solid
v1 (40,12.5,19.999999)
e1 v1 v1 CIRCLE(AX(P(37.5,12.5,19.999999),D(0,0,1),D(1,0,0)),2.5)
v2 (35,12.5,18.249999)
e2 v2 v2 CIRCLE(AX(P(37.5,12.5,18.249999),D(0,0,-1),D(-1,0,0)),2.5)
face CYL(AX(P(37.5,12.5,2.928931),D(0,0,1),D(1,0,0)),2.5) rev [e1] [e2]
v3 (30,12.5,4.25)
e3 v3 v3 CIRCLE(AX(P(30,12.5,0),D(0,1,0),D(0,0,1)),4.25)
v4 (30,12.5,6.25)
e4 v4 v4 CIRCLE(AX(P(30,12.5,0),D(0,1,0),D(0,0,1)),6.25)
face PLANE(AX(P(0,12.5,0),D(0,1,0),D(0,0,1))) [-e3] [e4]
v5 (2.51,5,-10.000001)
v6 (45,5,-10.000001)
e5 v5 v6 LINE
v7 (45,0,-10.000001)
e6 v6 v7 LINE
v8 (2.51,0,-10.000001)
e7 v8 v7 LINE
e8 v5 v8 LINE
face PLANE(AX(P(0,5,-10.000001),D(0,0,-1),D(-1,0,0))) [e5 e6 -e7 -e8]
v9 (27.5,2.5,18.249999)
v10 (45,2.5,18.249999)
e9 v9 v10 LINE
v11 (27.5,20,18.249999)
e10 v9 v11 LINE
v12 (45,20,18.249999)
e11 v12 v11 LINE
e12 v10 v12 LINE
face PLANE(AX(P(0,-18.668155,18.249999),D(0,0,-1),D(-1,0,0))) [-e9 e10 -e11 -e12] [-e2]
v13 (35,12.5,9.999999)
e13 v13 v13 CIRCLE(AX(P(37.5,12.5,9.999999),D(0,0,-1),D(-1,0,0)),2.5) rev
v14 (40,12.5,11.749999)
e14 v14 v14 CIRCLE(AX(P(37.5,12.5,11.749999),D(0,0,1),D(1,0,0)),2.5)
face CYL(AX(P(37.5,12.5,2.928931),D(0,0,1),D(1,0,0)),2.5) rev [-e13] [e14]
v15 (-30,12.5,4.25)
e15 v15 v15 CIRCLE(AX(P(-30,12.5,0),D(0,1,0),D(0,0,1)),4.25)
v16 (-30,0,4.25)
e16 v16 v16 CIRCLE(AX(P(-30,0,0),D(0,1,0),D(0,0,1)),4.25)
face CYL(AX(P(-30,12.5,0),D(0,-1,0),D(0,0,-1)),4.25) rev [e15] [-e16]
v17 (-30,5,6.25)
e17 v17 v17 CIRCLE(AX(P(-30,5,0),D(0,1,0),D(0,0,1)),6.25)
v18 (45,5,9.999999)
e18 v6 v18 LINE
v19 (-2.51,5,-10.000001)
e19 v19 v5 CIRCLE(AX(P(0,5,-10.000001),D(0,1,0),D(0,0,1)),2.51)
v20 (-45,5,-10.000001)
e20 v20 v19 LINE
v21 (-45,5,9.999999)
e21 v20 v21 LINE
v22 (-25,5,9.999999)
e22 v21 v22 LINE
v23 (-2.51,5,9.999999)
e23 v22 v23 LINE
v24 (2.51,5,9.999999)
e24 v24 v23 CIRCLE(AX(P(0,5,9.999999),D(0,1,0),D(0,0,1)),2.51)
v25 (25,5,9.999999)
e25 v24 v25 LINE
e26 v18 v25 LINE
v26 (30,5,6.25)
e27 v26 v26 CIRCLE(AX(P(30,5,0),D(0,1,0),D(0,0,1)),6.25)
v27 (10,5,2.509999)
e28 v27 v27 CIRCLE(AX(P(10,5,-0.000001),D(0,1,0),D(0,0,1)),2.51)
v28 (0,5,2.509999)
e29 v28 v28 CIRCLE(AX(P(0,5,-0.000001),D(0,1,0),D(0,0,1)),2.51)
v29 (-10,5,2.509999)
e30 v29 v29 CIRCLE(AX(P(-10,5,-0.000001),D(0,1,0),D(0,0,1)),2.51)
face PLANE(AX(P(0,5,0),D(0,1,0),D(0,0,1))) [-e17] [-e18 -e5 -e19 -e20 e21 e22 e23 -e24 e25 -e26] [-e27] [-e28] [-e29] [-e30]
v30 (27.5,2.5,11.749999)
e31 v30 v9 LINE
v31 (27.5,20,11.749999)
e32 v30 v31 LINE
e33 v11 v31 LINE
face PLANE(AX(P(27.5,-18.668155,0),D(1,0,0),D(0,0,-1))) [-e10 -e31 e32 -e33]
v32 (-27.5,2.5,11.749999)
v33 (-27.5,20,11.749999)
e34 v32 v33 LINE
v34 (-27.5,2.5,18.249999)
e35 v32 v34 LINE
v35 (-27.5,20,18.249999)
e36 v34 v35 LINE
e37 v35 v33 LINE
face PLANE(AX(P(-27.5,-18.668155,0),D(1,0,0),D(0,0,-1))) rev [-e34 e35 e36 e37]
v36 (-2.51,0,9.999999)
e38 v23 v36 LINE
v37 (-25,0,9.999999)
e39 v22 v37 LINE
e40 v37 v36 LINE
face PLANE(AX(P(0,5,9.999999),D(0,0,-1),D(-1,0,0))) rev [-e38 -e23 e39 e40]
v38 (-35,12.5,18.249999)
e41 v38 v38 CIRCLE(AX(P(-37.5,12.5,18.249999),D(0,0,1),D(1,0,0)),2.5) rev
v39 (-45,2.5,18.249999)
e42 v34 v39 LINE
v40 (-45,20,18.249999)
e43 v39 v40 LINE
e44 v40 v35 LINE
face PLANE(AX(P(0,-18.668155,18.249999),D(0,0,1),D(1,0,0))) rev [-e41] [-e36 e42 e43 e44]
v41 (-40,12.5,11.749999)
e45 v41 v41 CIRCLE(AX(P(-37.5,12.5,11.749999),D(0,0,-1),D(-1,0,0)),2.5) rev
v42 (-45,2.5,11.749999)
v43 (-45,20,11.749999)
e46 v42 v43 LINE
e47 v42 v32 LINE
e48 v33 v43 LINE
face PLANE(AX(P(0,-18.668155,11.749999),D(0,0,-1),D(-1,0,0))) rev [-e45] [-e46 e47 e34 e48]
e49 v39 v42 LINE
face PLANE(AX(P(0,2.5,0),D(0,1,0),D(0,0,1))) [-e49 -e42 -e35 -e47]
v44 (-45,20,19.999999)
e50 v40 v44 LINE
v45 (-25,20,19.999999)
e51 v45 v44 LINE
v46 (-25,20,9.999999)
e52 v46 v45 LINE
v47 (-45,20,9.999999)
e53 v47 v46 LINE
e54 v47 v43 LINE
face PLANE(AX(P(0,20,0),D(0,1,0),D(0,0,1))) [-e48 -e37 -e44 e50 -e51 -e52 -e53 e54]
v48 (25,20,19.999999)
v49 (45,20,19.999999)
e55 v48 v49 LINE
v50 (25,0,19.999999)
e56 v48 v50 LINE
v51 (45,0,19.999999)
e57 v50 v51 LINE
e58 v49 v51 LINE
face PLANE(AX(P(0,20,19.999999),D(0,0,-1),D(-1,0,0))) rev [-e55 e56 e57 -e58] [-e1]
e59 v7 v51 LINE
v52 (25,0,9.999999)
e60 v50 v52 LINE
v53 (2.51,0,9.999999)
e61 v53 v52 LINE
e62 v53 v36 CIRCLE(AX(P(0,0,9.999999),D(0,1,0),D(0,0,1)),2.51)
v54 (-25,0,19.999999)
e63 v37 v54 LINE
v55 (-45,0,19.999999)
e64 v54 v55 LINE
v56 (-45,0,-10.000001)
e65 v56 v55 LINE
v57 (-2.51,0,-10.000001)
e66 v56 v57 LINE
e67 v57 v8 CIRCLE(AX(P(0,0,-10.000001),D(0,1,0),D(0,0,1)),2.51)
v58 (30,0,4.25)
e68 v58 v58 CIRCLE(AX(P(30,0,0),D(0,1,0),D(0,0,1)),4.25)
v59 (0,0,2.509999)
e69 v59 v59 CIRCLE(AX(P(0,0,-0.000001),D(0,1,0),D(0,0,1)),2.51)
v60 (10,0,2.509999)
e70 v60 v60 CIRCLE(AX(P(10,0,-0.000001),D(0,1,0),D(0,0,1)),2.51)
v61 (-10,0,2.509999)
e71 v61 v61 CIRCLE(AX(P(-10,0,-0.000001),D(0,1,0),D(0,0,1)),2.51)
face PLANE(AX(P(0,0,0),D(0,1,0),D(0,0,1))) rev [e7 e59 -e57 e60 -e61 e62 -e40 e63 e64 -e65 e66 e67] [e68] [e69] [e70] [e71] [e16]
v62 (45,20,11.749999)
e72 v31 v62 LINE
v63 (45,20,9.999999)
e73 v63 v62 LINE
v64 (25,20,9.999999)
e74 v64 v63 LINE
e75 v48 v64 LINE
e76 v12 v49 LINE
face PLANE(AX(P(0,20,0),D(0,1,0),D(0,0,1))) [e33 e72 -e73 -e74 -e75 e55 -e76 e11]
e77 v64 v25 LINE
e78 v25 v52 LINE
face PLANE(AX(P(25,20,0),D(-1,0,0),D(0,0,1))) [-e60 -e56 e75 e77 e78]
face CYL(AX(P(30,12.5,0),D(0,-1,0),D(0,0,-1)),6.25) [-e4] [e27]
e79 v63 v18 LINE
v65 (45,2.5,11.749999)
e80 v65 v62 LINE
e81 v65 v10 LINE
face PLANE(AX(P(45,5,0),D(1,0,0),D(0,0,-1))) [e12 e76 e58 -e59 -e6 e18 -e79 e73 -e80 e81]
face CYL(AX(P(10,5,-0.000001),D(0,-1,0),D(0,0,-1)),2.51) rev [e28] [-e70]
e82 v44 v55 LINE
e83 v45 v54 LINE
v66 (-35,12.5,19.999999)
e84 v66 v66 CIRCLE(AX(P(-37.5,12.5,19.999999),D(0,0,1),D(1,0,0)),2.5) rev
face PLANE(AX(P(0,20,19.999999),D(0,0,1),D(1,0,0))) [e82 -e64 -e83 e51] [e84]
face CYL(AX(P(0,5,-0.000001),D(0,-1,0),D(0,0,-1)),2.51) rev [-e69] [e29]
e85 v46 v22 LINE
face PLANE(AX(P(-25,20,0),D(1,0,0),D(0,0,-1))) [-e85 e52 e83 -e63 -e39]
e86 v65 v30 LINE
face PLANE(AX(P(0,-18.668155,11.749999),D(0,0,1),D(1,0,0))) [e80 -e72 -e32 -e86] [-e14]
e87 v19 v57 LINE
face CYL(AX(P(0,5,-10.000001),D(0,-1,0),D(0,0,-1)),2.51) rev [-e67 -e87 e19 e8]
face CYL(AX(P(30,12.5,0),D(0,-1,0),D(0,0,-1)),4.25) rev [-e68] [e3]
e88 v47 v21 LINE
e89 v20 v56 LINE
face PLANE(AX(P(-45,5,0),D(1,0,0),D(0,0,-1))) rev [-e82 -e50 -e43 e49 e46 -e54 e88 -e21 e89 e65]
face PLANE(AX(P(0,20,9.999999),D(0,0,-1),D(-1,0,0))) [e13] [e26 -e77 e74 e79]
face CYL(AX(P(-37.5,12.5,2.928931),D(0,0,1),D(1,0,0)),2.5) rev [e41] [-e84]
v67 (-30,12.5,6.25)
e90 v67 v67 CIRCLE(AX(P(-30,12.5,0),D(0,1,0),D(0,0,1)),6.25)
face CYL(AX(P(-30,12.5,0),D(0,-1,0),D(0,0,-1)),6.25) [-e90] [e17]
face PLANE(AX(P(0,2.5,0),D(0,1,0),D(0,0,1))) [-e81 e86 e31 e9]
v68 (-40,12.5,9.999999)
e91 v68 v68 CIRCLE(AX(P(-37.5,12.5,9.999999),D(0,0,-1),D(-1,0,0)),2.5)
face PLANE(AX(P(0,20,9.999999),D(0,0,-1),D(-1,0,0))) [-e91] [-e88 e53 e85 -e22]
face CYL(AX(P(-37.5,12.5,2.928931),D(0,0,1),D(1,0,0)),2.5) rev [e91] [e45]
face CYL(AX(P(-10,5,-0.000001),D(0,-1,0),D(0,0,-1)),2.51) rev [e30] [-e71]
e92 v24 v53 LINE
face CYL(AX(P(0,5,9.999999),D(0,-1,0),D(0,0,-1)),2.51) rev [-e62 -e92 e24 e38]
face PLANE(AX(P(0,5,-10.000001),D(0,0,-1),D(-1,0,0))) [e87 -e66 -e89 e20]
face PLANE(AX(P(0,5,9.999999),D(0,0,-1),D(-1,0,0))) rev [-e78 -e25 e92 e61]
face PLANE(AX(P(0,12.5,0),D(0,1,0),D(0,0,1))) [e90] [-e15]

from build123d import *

# Parameters (mm, degrees)
SKETCH1_R           = 2.51
BOSS_EXTRUDE1_DEPTH = 5
SKETCH2_R           = 6.25
SKETCH2_R_2         = 4.25
BOSS_EXTRUDE2_DEPTH = 7.5
SKETCH2_3_R         = 4.25
CUT_EXTRUDE1_DEPTH  = 47.703854396
SKETCH1_3_W         = 20
SKETCH1_3_H         = 10
BOSS_EXTRUDE3_DEPTH = 20
SKETCH3_W           = 17.5
SKETCH3_H           = 6.5
CUT_EXTRUDE2_DEPTH  = 17.5
CUT_EXTRUDE3_REACH  = 59.663
SKETCH4_R           = 2.5


with BuildPart() as part:
    # Sketch1 → Boss-Extrude1 (new body)
    with BuildSketch(Plane(origin=(0, 0, 0), x_dir=(1, 0, 0), z_dir=(0, 1, 0))):
        with BuildLine():
            Line((2.51, -9.999999226), (45, -9.999999226))
            Line((45, -9.999999226), (45, 10.000000774))
            Line((45, 10.000000774), (2.51, 10.000000774))
            ThreePointArc((2.51, 10.000000774), (0, 7.490000774), (-2.51, 10.000000774))
            Line((-2.51, 10.000000774), (-45, 10.000000774))
            Line((-45, 10.000000774), (-45, -9.999999226))
            Line((-45, -9.999999226), (-2.51, -9.999999226))
            ThreePointArc((-2.51, -9.999999226), (0, -7.489999226), (2.51, -9.999999226))
        make_face()
        with Locations(Location((-10, 7.74e-07, 0), (0, 0, 270))):
            Circle(SKETCH1_R, mode=Mode.SUBTRACT)
        with Locations(Location((0, 7.74e-07, 0), (0, 0, 270))):
            Circle(SKETCH1_R, mode=Mode.SUBTRACT)
        with Locations(Location((10, 7.74e-07, 0), (0, 0, 270))):
            Circle(SKETCH1_R, mode=Mode.SUBTRACT)
    extrude(amount=BOSS_EXTRUDE1_DEPTH)

    # Sketch2 → Boss-Extrude2 (add)
    # profile 1 of 2: a face of its own
    with BuildSketch(Plane(origin=(0, 5, 0), x_dir=(1, 0, 0), z_dir=(0, 1, 0))):
        with Locations(Location((-30, 0, 0), (0, 0, 270))):
            Circle(SKETCH2_R)
        with Locations(Location((-30, 0, 0), (0, 0, 270))):
            Circle(SKETCH2_R_2, mode=Mode.SUBTRACT)
    # profile 2 of 2: a face of its own
    with BuildSketch(Plane(origin=(0, 5, 0), x_dir=(1, 0, 0), z_dir=(0, 1, 0))):
        with Locations(Location((30, 0, 0), (0, 0, 270))):
            Circle(SKETCH2_R)
        with Locations(Location((30, 0, 0), (0, 0, 270))):
            Circle(SKETCH2_R_2, mode=Mode.SUBTRACT)
    extrude(amount=BOSS_EXTRUDE2_DEPTH)

    # Sketch2<3> → Cut-Extrude1 (cut, through all)
    with BuildSketch(Plane(origin=(0, 5, 0), x_dir=(1, 0, 0), z_dir=(0, 1, 0))):
        with Locations(Location((-30, 0, 0), (0, 0, 270))):
            Circle(SKETCH2_3_R)
        with Locations(Location((30, 0, 0), (0, 0, 270))):
            Circle(SKETCH2_3_R)
    extrude(amount=-CUT_EXTRUDE1_DEPTH, mode=Mode.SUBTRACT)

    # Sketch1<3> → Boss-Extrude3 (add)
    with BuildSketch(Plane(origin=(0, 0, 0), x_dir=(1, 0, 0), z_dir=(0, 1, 0))):
        with Locations((35, -14.999999226)):
            Rectangle(SKETCH1_3_W, SKETCH1_3_H)
        with Locations((-35, -14.999999226)):
            Rectangle(SKETCH1_3_W, SKETCH1_3_H)
    extrude(amount=BOSS_EXTRUDE3_DEPTH)

    # Sketch3 → Cut-Extrude2 (cut)
    with BuildSketch(Plane(origin=(0, 20, 0), x_dir=(1, 0, 0), z_dir=(0, 1, 0))):
        with Locations((36.25, -14.999999226)):
            Rectangle(SKETCH3_W, SKETCH3_H)
        with Locations((-36.25, -14.999999226)):
            Rectangle(SKETCH3_W, SKETCH3_H)
    extrude(amount=-CUT_EXTRUDE2_DEPTH, mode=Mode.SUBTRACT)

    # Cut-Extrude3: up to this face of the body (flat: up to its plane)
    cut_extrude3_end = Plane(part.part.faces().sort_by_distance((35, 12.5, 9.999999226))[0])
    # Sketch4 → Cut-Extrude3 (cut, up to the picked face)
    with BuildSketch(Plane.XY.offset(19.999999226), mode=Mode.PRIVATE) as cut_extrude3_sk1:
        with Locations((37.5, 12.5)):
            Circle(SKETCH4_R)
    cut_extrude3_tool1 = split(extrude(cut_extrude3_sk1.sketch, amount=-CUT_EXTRUDE3_REACH, mode=Mode.PRIVATE), bisect_by=cut_extrude3_end, keep=Keep.BOTH, mode=Mode.PRIVATE)
    # Sketch4 → Cut-Extrude3 (cut, up to the picked face)
    with BuildSketch(Plane.XY.offset(19.999999226), mode=Mode.PRIVATE) as cut_extrude3_sk2:
        with Locations((-37.5, 12.5)):
            Circle(SKETCH4_R)
    cut_extrude3_tool2 = split(extrude(cut_extrude3_sk2.sketch, amount=-CUT_EXTRUDE3_REACH, mode=Mode.PRIVATE), bisect_by=cut_extrude3_end, keep=Keep.BOTH, mode=Mode.PRIVATE)
    add(cut_extrude3_tool1.solids().sort_by(Axis((37.5, 12.5, 19.999999), (0, 0, -1)))[0], mode=Mode.SUBTRACT)
    add(cut_extrude3_tool2.solids().sort_by(Axis((-37.5, 12.5, 19.999999), (0, 0, -1)))[0], mode=Mode.SUBTRACT)


solid = part.part
